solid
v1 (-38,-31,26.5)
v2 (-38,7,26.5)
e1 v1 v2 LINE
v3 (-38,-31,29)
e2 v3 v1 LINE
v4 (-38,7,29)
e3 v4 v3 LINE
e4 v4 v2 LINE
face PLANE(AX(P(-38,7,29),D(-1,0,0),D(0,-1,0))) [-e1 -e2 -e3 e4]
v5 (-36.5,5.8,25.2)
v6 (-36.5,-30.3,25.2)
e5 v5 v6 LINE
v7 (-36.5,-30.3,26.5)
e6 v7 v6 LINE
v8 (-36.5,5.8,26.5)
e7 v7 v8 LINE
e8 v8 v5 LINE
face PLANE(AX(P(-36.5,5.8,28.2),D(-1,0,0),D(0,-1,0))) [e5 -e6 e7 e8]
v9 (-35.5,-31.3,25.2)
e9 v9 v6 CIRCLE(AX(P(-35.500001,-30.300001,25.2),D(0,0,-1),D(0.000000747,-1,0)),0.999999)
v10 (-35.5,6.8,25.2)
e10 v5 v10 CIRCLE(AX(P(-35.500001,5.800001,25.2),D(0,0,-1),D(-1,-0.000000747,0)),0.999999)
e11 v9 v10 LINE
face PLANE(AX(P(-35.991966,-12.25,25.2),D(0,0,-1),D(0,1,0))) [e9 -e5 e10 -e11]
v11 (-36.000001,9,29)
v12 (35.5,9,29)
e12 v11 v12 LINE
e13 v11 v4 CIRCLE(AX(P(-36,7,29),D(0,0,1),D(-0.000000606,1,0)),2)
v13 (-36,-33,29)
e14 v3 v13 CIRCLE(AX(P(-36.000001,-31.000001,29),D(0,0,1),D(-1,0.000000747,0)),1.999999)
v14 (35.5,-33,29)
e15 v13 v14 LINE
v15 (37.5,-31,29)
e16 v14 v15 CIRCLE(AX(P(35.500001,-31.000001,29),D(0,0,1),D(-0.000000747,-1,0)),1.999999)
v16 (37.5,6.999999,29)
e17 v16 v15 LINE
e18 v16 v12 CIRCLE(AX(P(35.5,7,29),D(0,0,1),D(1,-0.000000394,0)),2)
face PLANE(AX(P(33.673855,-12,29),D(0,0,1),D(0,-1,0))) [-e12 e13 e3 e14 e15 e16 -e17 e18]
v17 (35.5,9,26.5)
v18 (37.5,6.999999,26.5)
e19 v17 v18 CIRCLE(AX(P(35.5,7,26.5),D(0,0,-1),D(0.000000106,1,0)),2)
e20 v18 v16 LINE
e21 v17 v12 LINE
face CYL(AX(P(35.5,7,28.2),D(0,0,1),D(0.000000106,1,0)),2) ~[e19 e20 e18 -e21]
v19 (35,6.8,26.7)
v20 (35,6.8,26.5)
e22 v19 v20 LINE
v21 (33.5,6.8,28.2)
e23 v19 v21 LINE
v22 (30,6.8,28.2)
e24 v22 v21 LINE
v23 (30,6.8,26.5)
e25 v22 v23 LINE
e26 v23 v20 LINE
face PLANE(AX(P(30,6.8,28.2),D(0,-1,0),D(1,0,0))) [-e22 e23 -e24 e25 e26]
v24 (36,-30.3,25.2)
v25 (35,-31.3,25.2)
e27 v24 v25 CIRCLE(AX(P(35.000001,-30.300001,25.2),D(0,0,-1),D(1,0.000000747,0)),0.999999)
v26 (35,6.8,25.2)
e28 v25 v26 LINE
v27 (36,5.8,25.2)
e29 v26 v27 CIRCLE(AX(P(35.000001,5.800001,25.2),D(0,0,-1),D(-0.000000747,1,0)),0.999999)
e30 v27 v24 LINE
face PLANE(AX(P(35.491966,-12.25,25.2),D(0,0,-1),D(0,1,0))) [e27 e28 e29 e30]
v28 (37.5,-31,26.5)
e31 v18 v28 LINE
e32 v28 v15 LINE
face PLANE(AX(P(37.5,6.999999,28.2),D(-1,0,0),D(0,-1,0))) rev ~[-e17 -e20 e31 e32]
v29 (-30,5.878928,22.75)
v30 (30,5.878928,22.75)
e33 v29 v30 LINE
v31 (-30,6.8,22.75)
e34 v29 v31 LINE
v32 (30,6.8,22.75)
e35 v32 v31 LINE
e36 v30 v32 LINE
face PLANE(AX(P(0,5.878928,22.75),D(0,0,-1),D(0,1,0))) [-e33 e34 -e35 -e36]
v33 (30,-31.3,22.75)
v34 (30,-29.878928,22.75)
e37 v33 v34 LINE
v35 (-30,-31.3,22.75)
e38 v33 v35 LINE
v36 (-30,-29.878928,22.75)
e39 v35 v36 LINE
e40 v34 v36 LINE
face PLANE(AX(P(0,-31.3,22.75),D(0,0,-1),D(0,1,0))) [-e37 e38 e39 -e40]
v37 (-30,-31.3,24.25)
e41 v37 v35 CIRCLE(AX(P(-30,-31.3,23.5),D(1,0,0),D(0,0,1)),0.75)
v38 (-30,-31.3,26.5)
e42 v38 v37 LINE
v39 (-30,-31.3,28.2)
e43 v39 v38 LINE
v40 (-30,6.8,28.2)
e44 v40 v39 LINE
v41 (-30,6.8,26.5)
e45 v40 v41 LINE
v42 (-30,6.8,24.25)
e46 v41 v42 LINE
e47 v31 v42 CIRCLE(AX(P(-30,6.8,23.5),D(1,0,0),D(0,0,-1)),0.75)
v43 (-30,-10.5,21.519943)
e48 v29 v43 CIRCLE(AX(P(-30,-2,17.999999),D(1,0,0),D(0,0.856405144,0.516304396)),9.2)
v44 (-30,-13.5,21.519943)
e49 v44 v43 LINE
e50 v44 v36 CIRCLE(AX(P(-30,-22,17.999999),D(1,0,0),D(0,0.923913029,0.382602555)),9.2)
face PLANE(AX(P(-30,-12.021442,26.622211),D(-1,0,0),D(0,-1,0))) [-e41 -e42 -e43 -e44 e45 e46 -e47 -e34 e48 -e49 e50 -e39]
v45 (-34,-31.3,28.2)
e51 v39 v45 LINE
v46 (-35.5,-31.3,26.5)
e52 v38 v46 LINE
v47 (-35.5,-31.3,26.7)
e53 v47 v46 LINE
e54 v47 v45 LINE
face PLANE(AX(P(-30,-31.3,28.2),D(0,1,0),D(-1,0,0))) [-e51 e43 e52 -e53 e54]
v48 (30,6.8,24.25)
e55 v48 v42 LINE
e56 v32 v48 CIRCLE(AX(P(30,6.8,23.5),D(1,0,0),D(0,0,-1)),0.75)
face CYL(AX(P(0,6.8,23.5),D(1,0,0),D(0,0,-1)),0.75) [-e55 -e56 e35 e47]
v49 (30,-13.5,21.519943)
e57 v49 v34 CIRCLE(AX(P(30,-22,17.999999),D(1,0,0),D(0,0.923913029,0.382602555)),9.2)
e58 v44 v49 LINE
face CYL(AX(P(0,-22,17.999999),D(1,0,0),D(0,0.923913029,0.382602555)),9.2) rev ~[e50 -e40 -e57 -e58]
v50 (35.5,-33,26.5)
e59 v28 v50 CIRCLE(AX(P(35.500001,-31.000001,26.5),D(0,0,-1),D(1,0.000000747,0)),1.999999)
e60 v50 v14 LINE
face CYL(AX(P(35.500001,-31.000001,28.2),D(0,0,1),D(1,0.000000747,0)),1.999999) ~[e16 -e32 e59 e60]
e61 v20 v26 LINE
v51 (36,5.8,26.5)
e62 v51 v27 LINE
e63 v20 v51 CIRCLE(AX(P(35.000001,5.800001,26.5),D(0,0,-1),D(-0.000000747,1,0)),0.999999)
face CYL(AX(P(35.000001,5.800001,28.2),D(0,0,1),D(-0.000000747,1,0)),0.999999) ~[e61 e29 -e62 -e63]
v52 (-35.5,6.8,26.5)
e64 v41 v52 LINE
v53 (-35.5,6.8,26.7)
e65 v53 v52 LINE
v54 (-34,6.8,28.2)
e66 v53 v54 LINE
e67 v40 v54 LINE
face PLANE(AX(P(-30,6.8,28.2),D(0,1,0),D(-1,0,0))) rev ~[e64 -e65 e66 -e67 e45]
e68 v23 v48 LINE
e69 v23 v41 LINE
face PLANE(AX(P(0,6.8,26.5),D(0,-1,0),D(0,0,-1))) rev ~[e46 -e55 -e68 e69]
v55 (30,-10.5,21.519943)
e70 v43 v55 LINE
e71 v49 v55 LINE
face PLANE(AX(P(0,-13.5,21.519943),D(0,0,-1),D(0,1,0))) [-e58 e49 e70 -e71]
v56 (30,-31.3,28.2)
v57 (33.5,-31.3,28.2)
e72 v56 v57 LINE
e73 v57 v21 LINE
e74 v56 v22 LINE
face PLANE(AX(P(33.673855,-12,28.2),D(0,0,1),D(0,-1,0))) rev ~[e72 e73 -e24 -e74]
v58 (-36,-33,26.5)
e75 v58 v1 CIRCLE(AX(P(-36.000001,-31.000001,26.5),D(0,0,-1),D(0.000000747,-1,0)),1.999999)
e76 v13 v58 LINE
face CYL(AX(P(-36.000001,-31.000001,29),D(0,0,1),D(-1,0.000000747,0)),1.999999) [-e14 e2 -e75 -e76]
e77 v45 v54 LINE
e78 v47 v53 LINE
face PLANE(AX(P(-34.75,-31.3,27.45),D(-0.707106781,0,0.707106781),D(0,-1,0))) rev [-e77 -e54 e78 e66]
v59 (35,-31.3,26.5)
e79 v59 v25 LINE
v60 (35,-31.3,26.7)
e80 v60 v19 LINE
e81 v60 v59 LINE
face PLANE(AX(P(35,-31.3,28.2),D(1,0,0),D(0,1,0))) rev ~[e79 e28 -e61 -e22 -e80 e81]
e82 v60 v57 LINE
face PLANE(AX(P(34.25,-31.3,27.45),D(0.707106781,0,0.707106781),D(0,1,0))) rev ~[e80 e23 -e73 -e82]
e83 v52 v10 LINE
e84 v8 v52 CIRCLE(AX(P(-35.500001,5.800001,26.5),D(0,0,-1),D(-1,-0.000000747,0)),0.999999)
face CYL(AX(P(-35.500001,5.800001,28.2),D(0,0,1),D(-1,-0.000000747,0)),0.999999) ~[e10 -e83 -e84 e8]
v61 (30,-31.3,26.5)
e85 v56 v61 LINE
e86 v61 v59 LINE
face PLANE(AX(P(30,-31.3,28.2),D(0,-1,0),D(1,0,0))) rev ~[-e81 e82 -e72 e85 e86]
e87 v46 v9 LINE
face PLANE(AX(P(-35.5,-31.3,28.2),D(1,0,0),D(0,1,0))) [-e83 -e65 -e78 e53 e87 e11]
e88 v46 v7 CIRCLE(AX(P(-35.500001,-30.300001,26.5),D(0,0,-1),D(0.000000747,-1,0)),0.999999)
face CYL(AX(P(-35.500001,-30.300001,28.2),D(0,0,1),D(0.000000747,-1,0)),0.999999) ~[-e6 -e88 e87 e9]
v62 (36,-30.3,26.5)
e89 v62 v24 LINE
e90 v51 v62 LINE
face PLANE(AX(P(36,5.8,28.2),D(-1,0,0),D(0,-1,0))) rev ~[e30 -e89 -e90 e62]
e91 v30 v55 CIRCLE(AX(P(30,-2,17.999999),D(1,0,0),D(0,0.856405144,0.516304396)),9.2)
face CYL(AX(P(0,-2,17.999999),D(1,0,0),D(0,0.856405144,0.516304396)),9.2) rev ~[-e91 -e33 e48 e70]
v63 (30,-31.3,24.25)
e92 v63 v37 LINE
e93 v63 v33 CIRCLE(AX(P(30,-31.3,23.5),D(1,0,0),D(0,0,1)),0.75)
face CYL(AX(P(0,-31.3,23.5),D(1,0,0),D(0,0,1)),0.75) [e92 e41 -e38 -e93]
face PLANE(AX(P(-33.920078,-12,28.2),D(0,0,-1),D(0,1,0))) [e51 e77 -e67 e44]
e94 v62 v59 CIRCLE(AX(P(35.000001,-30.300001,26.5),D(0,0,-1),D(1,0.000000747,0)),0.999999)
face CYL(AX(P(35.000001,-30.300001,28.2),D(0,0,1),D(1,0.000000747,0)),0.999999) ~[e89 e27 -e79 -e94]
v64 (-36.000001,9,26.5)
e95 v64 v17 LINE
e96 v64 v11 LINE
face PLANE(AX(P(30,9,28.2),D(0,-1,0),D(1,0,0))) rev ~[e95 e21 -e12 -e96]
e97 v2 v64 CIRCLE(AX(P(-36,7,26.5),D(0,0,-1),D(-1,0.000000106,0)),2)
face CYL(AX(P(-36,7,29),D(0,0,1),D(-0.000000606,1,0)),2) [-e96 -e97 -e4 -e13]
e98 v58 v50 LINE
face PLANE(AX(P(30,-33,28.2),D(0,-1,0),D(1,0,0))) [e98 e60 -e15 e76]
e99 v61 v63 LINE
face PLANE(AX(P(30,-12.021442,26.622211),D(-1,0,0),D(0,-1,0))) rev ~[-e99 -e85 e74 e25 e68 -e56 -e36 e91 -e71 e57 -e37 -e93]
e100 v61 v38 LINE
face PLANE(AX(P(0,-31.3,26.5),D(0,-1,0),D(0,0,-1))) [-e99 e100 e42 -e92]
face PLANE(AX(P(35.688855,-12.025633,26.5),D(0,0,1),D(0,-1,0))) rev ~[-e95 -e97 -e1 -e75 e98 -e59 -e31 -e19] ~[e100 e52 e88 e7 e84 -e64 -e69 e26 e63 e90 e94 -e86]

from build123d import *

# Parameters (mm, degrees)
PAD011_DEPTH    = 30
PAD012_DEPTH    = 0.8
PAD013_DEPTH    = 1.7
PAD014_DEPTH    = 3
CHAMFER002_SIZE = 1.5


with BuildPart() as part:
    # Sketch014 → Pad011 (new body, symmetric)
    with BuildSketch(Plane.YZ):
        with BuildLine():
            ThreePointArc((-13.5, 21.519943), (-21.311021, 27.174165), (-29.878928, 22.75))
            Line((-31.3, 22.75), (-29.878928, 22.75))
            ThreePointArc((-31.3, 24.25), (-32.05, 23.5), (-31.3, 22.75))
            Line((-31.3, 26.5), (-31.3, 24.25))
            Line((-33, 26.5), (-31.3, 26.5))
            Line((-33, 26.5), (-33, 29))
            Line((9, 29), (-33, 29))
            Line((9, 26.5), (9, 29))
            Line((9, 26.5), (6.8, 26.5))
            Line((6.8, 26.5), (6.8, 24.25))
            ThreePointArc((6.8, 22.75), (7.55, 23.5), (6.8, 24.25))
            Line((5.878928, 22.75), (6.8, 22.75))
            ThreePointArc((5.878928, 22.75), (-2.688979, 27.174165), (-10.5, 21.519943))
            Line((-13.5, 21.519943), (-10.5, 21.519943))
        make_face()
    extrude(amount=PAD011_DEPTH, both=True)

    # Sketch015 (on Face9 of Pad011) → Pad012 (join)
    with BuildSketch(Plane(origin=(0, 0, 29), x_dir=(0, -1, 0), z_dir=(0, 0, 1))):
        with BuildLine():
            ThreePointArc((-6.999999, 37.5), (-8.414213, 36.914214), (-9, 35.5))
            Line((-9, 30), (-9, 35.5))
            Line((33, 30), (-9, 30))
            Line((33, 35.5), (33, 30))
            ThreePointArc((33, 35.5), (32.414214, 36.914214), (31, 37.5))
            Line((-6.999999, 37.5), (31, 37.5))
        make_face()
        with BuildLine():
            Line((-9, -30), (33, -30))
            Line((33, -30), (33, -36))
            ThreePointArc((31, -38), (32.414214, -37.414214), (33, -36))
            Line((-7, -38), (31, -38))
            ThreePointArc((-9, -36.000001), (-8.414213, -37.414214), (-7, -38))
            Line((-9, -30), (-9, -36.000001))
        make_face()
    extrude(amount=-PAD012_DEPTH)

    # Sketch016 (on Face15 of Pad012) → Pad013 (join)
    with BuildSketch(Plane.YX.offset(-28.2)):
        with BuildLine():
            Line((-31.3, 30), (-33, 30))
            Line((-33, 30), (-33, 35.5))
            ThreePointArc((-31, 37.5), (-32.414214, 36.914214), (-33, 35.5))
            Line((6.999999, 37.5), (-31, 37.5))
            ThreePointArc((9, 35.5), (8.414213, 36.914214), (6.999999, 37.5))
            Line((9, 30), (9, 35.5))
            Line((9, 30), (6.8, 30))
            Line((6.8, 30), (6.8, 35))
            ThreePointArc((6.8, 35), (6.507107, 35.707107), (5.8, 36))
            Line((5.8, 36), (-30.3, 36))
            ThreePointArc((-30.3, 36), (-31.007107, 35.707107), (-31.3, 35))
            Line((-31.3, 30), (-31.3, 35))
        make_face()
        with BuildLine():
            ThreePointArc((7, -38), (8.414213, -37.414214), (9, -36.000001))
            Line((9, -30), (9, -36.000001))
            Line((6.8, -30), (9, -30))
            Line((6.8, -30), (6.8, -35.5))
            ThreePointArc((5.8, -36.5), (6.507107, -36.207107), (6.8, -35.5))
            Line((-30.3, -36.5), (5.8, -36.5))
            ThreePointArc((-31.3, -35.5), (-31.007107, -36.207107), (-30.3, -36.5))
            Line((-31.3, -30), (-31.3, -35.5))
            Line((-33, -30), (-31.3, -30))
            Line((-33, -36), (-33, -30))
            ThreePointArc((-33, -36), (-32.414214, -37.414214), (-31, -38))
            Line((-31, -38), (7, -38))
        make_face()
    extrude(amount=PAD013_DEPTH)

    # Sketch018 (on Face20 of Pad013) → Pad014 (join)
    with BuildSketch(Plane.YX.offset(-28.2)):
        with BuildLine():
            Line((-31.3, 35), (6.8, 35))
            ThreePointArc((6.8, 35), (6.507107, 35.707107), (5.8, 36))
            Line((5.8, 36), (-30.3, 36))
            ThreePointArc((-30.3, 36), (-31.007107, 35.707107), (-31.3, 35))
        make_face()
        with BuildLine():
            ThreePointArc((5.8, -36.5), (6.507107, -36.207107), (6.8, -35.5))
            Line((-31.3, -35.5), (6.8, -35.5))
            ThreePointArc((-31.3, -35.5), (-31.007107, -36.207107), (-30.3, -36.5))
            Line((5.8, -36.5), (-30.3, -36.5))
        make_face()
    extrude(amount=PAD014_DEPTH)

    # Chamfer002
    chamfer002_edges = [part.edges().sort_by_distance(p)[0] for p in [
        (35, -12.25, 28.2),
        (-35.5, -12.25, 28.2),
    ]]
    chamfer(chamfer002_edges, length=CHAMFER002_SIZE)


solid = part.part
